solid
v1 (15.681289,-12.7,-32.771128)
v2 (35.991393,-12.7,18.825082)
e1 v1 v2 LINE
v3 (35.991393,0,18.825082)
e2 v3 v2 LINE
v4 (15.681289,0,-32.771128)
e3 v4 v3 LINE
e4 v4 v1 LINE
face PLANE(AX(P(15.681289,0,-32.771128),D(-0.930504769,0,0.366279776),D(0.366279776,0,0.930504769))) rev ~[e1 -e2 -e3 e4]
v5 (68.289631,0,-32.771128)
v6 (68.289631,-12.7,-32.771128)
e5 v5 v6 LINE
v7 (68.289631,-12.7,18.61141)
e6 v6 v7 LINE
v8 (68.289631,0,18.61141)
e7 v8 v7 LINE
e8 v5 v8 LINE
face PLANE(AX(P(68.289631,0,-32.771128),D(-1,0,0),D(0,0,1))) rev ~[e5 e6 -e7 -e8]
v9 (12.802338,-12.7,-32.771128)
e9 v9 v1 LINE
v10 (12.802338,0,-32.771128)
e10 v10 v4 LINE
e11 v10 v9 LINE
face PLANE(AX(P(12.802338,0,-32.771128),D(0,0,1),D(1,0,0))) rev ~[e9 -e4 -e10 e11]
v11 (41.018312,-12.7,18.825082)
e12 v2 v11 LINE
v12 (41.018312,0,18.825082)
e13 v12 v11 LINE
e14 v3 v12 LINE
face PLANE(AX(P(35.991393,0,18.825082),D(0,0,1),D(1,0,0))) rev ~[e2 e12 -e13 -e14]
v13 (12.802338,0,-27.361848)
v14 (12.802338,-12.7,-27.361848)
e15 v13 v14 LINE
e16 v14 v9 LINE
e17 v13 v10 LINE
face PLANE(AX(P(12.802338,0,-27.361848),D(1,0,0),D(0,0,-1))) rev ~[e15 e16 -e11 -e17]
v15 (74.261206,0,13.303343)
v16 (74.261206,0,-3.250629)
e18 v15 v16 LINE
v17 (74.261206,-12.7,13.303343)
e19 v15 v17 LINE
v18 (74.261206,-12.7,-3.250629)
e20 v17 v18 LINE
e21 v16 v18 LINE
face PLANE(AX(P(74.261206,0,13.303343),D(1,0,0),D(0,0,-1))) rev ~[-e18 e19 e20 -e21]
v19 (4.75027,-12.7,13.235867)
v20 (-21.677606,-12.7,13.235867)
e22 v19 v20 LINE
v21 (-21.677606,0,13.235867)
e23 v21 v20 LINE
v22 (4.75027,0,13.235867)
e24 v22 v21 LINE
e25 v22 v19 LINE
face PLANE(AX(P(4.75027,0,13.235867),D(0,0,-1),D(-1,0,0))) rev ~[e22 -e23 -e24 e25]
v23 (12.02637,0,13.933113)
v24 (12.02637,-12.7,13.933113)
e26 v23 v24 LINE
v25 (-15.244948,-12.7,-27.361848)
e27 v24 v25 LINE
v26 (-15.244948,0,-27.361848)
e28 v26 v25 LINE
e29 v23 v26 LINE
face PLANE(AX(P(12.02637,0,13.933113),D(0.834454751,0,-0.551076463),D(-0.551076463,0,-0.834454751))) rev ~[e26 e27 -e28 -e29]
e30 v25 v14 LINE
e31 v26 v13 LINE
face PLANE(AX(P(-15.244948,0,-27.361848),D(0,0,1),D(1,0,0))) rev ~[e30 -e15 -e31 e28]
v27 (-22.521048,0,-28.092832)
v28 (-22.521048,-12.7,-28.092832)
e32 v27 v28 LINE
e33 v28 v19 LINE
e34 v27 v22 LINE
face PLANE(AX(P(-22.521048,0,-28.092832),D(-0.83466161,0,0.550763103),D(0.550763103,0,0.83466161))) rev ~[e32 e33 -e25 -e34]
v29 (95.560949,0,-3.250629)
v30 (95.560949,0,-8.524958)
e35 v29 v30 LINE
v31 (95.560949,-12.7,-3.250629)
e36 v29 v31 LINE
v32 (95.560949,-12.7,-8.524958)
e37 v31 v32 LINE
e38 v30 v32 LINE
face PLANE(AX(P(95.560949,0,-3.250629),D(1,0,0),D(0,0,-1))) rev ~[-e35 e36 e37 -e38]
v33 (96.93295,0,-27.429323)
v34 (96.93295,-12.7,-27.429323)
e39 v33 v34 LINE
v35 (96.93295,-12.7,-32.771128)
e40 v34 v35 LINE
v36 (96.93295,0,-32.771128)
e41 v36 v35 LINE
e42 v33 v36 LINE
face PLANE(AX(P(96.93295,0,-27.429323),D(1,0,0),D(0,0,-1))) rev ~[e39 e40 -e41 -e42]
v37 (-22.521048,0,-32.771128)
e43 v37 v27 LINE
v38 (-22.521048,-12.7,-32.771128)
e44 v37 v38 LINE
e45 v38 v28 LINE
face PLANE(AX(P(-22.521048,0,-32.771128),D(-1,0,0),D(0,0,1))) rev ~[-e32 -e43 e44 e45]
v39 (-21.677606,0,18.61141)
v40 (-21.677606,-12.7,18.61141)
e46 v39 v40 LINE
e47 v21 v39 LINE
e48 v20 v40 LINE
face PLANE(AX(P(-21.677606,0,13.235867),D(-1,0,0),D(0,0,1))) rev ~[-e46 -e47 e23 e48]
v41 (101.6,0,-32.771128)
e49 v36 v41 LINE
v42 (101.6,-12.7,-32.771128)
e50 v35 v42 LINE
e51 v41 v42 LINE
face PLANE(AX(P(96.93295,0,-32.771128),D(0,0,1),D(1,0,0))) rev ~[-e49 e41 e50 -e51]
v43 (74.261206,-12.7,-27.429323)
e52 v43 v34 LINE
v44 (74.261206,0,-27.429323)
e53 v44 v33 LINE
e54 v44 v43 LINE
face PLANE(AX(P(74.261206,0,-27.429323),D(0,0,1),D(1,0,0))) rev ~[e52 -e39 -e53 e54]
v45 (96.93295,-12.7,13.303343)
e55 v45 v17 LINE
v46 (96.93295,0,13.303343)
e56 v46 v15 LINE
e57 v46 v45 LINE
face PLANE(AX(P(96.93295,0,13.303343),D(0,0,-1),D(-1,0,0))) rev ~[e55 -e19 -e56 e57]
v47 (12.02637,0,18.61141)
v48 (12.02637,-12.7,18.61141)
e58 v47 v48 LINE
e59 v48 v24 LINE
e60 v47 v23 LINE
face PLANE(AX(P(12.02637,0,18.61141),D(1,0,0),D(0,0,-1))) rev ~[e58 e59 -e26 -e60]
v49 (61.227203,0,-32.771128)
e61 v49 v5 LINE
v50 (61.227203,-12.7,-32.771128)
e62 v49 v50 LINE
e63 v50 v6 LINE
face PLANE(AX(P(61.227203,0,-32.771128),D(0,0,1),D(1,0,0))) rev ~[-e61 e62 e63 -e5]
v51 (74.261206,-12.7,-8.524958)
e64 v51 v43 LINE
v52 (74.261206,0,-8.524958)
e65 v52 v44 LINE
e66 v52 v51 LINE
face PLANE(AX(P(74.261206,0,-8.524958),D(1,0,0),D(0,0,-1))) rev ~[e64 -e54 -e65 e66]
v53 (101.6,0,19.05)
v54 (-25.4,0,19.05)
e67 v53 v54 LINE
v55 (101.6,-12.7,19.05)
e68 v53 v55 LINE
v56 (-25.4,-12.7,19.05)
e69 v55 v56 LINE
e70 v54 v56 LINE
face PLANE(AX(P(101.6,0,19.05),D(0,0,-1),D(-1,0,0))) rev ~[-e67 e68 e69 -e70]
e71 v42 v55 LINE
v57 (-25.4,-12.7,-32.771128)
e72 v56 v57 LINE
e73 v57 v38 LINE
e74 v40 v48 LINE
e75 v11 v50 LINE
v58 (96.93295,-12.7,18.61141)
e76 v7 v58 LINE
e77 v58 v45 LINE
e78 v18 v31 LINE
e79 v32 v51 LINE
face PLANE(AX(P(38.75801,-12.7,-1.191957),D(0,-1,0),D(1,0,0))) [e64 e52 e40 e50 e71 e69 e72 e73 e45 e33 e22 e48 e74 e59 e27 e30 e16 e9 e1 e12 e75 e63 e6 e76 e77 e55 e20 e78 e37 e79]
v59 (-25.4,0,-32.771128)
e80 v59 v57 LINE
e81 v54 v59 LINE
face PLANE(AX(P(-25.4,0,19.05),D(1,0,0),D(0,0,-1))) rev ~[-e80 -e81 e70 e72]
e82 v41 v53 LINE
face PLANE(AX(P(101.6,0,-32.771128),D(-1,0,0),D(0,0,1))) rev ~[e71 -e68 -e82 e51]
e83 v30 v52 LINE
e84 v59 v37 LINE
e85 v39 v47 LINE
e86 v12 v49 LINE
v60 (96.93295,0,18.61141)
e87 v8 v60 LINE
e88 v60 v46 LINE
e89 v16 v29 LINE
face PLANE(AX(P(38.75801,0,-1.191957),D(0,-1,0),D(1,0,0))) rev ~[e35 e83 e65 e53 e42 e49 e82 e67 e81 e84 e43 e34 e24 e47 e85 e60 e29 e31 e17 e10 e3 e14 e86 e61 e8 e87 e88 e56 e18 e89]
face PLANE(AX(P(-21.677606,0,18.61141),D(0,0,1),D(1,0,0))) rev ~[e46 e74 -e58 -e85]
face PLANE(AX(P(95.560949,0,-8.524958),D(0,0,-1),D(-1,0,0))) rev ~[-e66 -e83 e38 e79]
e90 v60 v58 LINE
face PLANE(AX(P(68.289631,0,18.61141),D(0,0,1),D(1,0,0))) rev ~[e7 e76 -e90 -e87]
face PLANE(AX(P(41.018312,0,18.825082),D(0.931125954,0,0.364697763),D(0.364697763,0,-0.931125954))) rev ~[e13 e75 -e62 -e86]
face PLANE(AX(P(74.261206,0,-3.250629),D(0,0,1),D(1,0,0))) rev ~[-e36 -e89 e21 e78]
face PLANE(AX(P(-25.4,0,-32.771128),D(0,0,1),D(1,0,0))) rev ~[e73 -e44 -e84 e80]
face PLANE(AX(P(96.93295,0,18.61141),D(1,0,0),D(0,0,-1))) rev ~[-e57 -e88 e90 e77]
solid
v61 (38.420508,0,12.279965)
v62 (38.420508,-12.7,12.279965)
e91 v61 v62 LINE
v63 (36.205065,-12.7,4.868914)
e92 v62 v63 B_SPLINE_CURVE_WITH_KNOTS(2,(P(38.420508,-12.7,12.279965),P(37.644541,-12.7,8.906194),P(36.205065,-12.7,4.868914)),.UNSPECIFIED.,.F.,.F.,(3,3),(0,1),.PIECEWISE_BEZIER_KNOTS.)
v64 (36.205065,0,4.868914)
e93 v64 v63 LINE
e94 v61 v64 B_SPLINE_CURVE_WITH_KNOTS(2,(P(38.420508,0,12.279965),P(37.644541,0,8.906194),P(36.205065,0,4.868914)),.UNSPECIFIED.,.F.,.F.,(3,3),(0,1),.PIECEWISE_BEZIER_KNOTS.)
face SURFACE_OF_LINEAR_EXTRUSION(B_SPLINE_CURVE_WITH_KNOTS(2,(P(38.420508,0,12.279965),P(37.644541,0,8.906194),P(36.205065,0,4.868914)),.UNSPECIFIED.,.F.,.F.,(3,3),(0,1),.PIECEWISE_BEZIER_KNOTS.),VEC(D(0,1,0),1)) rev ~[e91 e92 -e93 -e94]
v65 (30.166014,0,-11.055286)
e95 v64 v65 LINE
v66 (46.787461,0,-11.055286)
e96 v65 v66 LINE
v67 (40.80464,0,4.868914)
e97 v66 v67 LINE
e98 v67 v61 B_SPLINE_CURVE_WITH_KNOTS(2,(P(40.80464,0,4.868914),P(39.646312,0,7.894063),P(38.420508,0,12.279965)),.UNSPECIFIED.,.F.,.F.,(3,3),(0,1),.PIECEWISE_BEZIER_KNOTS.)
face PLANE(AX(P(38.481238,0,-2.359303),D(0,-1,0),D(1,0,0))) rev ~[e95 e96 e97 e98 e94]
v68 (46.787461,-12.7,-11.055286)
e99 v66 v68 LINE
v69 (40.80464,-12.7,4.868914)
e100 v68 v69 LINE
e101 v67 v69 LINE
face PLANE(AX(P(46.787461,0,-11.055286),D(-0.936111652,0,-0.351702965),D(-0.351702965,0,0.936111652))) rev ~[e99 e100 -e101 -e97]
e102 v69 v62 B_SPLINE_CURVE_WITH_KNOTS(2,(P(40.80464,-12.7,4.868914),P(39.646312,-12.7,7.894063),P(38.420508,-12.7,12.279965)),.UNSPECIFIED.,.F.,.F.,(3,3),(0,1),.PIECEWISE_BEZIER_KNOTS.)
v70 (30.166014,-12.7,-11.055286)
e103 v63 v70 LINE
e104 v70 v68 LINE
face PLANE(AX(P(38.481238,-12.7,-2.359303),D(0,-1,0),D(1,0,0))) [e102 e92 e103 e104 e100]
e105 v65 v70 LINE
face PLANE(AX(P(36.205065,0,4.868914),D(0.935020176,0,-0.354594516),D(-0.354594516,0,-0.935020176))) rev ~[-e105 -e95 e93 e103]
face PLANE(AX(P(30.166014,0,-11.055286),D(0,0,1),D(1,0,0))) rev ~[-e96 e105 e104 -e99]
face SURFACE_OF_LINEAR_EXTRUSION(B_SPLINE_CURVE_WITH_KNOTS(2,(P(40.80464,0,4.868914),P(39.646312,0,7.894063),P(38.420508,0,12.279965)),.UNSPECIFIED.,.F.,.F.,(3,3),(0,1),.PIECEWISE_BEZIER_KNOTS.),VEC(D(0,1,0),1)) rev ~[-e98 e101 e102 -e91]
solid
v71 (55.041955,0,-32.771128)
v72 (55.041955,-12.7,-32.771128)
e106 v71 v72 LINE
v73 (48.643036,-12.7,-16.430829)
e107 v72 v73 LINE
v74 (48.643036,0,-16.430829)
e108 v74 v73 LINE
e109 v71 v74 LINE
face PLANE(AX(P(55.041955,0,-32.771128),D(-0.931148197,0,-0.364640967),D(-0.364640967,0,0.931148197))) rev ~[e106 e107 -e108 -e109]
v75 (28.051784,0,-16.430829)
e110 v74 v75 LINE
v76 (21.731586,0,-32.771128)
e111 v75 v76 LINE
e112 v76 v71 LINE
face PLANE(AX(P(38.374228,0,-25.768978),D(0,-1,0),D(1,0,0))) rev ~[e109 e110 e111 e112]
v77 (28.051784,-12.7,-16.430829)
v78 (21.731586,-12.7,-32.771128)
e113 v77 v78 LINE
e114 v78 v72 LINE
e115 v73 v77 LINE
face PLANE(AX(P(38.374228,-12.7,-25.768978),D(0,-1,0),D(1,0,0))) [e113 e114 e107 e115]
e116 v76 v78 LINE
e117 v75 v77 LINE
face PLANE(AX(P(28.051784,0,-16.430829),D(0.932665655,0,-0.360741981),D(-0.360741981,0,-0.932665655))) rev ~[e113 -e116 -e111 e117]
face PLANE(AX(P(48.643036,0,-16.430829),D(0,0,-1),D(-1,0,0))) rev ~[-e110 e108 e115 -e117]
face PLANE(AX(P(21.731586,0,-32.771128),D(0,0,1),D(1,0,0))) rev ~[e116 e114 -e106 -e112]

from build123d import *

# Parameters (mm, degrees)
F1_DEPTH = 12.7


with BuildPart() as f1:
    # F0 (on Front) → F1 (new body)
    with BuildSketch(Plane.XZ):
        Polygon((-25.4, 19.05), (-25.4, -32.7711281325), (-22.5210484371, -32.7711281325), (-22.5210484371, -28.0928318427), (4.7502700788, 13.2358673515), (-21.6776055964, 13.2358673515), (-21.6776055964, 18.6114097228), (12.0263703179, 18.6114097228), (12.0263703179, 13.9331134331), (-15.244948198, -27.3618480475), (12.8023377313, -27.3618480475), (12.8023377313, -32.7711281325), (15.6812892943, -32.7711281325), (35.9913928983, 18.8250819091), (41.0183122288, 18.8250819091), (61.2272026919, -32.7711281325), (68.2896307447, -32.7711281325), (68.2896307447, 18.6114097228), (96.9329496148, 18.6114097228), (96.9329496148, 13.3033427787), (74.2612060568, 13.3033427787), (74.2612060568, -3.250628708), (95.5609492606, -3.250628708), (95.5609492606, -8.5249579385), (74.2612060568, -8.5249579385), (74.2612060568, -27.4293234747), (96.9329496148, -27.4293234747), (96.9329496148, -32.7711281325), (101.6, -32.7711281325), (101.6, 19.05), align=None)
    extrude(amount=F1_DEPTH)


with BuildPart() as f1b:
    # F0 (on Front) → F1, piece 2 (new body)
    with BuildSketch(Plane.XZ):
        Polygon((28.0517842912, -16.430828832), (21.7315859382, -32.7711281325), (55.0419551935, -32.7711281325), (48.6430355087, -16.430828832), align=None)
    extrude(amount=F1_DEPTH)


with BuildPart() as f1c:
    # F0 (on Front) → F1, piece 3 (new body)
    with BuildSketch(Plane.XZ):
        with BuildLine():
            Line((30.1660143452, -11.0552864606), (46.7874612592, -11.0552864606))
            Line((46.7874612592, -11.0552864606), (40.8046400425, 4.8689143717))
            add(Edge.make_bspline(
                [(40.8046400425, 4.8689143717), (39.6463118746, 7.8940626937), (38.4205082795, 12.2799654653)],
                knots=[0, 0, 0, 1, 1, 1], degree=2))
            add(Edge.make_bspline(
                [(38.4205082795, 12.2799654653), (37.644540866, 8.9061941025), (36.2050650846, 4.8689143717)],
                knots=[0, 0, 0, 1, 1, 1], degree=2))
            Line((36.2050650846, 4.8689143717), (30.1660143452, -11.0552864606))
        make_face()
    extrude(amount=F1_DEPTH)


solid = Compound([f1.part, f1b.part, f1c.part])
